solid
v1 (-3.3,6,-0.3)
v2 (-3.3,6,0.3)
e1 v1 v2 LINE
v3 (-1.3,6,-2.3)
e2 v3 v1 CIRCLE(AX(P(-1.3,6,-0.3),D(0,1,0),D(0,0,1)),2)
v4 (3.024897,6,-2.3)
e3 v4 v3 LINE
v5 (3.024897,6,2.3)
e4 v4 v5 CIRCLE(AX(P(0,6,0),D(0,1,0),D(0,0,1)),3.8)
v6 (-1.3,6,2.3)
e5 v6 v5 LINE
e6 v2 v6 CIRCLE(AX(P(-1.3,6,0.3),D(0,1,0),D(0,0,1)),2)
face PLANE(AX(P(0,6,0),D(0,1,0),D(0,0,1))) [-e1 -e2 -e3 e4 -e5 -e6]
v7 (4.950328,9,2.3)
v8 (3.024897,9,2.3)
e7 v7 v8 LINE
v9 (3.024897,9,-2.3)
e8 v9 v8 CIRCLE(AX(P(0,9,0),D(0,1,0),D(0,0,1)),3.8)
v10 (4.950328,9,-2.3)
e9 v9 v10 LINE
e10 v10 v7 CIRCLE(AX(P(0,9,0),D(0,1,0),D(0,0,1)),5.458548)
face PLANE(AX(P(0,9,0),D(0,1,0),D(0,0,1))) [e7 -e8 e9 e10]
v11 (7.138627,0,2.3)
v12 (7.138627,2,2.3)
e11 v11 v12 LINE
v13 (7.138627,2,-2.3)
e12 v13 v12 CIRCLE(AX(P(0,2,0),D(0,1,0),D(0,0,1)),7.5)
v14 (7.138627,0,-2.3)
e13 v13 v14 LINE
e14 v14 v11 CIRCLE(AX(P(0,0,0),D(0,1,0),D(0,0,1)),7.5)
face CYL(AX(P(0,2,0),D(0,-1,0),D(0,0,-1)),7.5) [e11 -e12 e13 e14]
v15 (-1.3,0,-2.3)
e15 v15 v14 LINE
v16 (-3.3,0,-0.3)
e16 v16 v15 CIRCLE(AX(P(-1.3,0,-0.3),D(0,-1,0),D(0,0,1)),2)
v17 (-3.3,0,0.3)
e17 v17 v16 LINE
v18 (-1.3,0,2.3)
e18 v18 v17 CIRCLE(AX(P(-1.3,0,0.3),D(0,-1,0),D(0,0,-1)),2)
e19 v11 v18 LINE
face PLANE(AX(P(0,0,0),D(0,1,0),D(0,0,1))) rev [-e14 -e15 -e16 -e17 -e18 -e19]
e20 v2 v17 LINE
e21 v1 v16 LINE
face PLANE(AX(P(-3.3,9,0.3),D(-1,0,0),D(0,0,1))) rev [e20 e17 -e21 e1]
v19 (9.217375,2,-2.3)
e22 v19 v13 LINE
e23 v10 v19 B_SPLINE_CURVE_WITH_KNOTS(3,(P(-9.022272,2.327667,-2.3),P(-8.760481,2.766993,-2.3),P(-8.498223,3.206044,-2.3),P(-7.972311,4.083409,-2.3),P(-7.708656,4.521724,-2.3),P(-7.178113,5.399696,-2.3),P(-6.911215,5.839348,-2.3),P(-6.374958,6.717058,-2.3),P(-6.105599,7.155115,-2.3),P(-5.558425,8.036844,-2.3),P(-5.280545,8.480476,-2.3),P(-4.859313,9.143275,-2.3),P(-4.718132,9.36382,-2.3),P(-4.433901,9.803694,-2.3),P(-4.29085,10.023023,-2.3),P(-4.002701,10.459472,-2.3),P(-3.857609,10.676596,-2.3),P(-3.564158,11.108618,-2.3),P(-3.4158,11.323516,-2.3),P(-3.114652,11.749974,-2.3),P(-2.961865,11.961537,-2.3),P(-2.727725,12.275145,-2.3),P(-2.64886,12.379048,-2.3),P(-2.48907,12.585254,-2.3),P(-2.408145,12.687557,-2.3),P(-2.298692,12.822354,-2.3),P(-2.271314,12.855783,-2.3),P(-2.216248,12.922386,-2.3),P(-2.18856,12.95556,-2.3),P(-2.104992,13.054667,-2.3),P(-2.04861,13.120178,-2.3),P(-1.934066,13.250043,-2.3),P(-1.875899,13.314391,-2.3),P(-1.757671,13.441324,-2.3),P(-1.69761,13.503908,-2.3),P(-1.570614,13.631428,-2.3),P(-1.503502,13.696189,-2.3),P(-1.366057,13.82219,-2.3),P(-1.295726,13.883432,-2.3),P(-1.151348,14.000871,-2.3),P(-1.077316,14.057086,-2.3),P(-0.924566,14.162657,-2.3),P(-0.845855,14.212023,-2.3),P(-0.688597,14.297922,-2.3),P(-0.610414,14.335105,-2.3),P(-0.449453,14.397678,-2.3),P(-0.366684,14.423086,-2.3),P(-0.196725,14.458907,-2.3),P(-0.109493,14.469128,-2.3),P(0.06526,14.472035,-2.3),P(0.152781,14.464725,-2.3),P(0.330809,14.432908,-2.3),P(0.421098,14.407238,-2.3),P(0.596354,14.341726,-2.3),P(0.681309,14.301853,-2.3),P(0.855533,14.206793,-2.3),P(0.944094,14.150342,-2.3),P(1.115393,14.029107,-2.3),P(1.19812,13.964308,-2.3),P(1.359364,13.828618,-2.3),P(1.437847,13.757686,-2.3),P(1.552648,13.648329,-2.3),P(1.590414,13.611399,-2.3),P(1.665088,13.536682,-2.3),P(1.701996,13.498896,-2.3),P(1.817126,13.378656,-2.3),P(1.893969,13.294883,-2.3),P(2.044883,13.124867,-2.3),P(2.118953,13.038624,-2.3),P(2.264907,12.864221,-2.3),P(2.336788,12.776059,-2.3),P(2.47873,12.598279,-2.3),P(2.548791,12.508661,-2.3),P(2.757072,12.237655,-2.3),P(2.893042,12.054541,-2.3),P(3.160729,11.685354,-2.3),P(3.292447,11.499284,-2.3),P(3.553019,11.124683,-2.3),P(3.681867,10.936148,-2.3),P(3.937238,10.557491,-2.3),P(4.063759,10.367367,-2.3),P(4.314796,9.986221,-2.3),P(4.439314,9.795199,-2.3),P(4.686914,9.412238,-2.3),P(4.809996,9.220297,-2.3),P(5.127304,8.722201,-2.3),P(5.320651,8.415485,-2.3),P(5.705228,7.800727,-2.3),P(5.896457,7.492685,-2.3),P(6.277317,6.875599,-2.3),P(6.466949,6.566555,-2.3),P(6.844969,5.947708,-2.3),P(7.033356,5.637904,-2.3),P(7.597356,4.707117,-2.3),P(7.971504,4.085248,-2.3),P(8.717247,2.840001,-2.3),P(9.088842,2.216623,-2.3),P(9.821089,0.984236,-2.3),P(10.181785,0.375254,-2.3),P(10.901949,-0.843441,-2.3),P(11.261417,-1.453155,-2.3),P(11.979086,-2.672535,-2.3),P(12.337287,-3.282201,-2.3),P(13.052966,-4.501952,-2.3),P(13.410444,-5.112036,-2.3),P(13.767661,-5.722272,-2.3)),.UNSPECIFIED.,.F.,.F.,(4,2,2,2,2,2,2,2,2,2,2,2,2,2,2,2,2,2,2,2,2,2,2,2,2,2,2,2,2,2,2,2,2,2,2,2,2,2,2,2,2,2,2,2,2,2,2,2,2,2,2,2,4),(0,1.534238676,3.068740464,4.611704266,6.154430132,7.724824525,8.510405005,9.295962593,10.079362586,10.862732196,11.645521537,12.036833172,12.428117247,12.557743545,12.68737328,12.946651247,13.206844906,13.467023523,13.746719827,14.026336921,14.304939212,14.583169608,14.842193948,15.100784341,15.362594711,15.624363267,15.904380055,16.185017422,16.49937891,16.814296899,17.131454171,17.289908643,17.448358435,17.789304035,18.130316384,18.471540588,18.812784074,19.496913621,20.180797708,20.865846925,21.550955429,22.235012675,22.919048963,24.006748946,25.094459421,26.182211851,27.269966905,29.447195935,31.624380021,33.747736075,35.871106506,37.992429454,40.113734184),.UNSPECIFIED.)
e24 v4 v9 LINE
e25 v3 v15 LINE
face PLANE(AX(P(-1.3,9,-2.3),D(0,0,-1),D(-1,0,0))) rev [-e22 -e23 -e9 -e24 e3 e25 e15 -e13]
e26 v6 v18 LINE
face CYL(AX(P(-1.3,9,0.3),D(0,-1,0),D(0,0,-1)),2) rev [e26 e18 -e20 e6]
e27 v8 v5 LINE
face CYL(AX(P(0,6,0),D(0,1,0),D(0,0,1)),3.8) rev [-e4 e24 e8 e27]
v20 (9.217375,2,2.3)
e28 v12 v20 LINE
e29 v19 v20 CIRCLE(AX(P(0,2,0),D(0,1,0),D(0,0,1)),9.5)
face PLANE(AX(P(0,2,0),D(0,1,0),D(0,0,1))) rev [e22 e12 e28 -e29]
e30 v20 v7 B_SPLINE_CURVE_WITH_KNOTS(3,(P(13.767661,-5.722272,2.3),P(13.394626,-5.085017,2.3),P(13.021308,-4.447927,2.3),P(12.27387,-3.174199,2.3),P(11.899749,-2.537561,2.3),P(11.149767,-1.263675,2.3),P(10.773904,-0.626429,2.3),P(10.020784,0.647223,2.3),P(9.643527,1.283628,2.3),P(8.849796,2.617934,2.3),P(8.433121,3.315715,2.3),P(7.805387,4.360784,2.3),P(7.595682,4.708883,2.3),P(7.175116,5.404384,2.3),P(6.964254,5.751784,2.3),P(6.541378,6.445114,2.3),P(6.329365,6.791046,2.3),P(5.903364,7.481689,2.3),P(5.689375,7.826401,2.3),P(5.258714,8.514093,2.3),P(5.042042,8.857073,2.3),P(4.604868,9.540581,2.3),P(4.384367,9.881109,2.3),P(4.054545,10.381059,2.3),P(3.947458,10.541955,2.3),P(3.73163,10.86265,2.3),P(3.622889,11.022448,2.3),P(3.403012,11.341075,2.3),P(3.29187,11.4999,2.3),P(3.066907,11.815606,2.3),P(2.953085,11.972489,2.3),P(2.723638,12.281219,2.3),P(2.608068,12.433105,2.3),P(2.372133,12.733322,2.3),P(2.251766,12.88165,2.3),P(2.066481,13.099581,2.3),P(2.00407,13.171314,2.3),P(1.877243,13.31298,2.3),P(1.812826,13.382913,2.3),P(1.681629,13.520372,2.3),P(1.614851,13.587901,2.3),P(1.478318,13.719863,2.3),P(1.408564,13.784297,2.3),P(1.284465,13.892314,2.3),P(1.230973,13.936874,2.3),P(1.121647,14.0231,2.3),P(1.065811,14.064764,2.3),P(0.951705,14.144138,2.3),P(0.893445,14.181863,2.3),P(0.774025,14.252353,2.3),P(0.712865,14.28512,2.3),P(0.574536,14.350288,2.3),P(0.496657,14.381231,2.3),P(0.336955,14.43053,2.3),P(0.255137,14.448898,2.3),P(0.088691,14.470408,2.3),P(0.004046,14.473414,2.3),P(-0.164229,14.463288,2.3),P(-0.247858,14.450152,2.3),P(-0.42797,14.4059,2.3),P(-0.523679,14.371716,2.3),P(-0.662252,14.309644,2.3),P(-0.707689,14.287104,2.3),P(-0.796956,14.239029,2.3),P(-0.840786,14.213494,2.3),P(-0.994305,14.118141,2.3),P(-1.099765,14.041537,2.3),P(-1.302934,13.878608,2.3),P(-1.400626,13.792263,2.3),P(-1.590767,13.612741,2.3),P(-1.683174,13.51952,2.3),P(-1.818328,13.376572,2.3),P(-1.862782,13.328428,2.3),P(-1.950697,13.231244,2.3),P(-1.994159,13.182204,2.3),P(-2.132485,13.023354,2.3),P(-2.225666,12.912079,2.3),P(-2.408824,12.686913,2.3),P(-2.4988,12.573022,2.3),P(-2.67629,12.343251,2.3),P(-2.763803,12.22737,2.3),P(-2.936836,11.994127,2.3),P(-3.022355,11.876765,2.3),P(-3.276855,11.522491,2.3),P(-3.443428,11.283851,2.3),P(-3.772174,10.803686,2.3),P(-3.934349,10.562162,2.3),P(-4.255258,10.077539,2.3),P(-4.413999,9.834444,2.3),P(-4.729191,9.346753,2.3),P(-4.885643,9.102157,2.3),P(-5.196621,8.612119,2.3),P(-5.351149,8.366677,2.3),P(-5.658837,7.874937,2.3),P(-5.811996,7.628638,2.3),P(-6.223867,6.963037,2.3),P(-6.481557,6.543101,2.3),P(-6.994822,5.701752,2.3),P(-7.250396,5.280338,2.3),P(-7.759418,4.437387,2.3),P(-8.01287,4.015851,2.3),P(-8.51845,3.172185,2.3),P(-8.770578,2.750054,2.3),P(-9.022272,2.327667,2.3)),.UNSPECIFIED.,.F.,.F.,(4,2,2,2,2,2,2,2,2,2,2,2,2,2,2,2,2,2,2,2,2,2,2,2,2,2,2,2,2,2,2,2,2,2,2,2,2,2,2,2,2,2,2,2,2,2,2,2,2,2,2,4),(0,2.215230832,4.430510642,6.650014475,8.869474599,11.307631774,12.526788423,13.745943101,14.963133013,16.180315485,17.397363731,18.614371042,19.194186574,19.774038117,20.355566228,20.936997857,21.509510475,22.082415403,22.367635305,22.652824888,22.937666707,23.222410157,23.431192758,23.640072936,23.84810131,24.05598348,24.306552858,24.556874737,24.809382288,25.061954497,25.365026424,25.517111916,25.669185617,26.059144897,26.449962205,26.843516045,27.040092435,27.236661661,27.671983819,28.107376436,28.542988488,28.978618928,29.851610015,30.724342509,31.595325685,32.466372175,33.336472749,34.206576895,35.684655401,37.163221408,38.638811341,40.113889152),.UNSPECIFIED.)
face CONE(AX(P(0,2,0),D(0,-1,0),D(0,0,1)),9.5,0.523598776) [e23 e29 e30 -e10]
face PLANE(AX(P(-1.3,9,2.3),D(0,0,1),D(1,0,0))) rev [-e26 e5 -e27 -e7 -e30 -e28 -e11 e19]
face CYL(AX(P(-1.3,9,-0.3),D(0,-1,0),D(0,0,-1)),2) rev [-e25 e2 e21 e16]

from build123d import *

# Parameters (mm, degrees)
SKETCH_1_R          = 7.5
EXTRUDE_1_DEPTH     = 2
SKETCH_2_R          = 9.5
EXTRUDE_2_DEPTH     = 7
EXTRUDE_2_TAPER     = 30
SKETCH_4_R          = 3.8
CUT_EXTRUDE_1_DEPTH = 3
CUT_EXTRUDE_2_DEPTH = 17.170961802


with BuildPart() as part:
    # 草图1 → 凸台-拉伸1 (new body)
    with BuildSketch(Plane(origin=(0, 0, 0), x_dir=(1, 0, 0), z_dir=(0, 1, 0))):
        with Locations(Location((0, 0, 0), (0, 0, 270))):
            Circle(SKETCH_1_R)
    extrude(amount=EXTRUDE_1_DEPTH)

    # 草图2 → 凸台-拉伸2 (add)
    with BuildSketch(Plane(origin=(0, 2, 0), x_dir=(1, 0, 0), z_dir=(0, 1, 0))):
        Circle(SKETCH_2_R)
    extrude(amount=EXTRUDE_2_DEPTH, taper=EXTRUDE_2_TAPER)

    # 草图4 → 切除-拉伸1 (cut)
    with BuildSketch(Plane(origin=(0, 9, 0), x_dir=(1, 0, 0), z_dir=(0, 1, 0))):
        with Locations(Location((0, 0, 0), (0, 0, 270))):
            Circle(SKETCH_4_R)
    extrude(amount=-CUT_EXTRUDE_1_DEPTH, mode=Mode.SUBTRACT)

    # 草图5 → 切除-拉伸2 (cut, through all)
    with BuildSketch(Plane(origin=(0, 0, 0), x_dir=(-1, 0, 0), z_dir=(0, -1, 0))):
        with BuildLine():
            Line((1.3, -2.3), (-11.887634873, -2.3))
            Line((-11.887634873, -2.3), (-11.887634873, 2.3))
            Line((-11.887634873, 2.3), (1.3, 2.3))
            ThreePointArc((1.3, 2.3), (2.714213562, 1.714213562), (3.3, 0.3))
            Line((3.3, 0.3), (3.3, -0.3))
            ThreePointArc((3.3, -0.3), (2.714213562, -1.714213562), (1.3, -2.3))
        make_face()
    extrude(amount=-CUT_EXTRUDE_2_DEPTH, mode=Mode.SUBTRACT)


solid = part.part
